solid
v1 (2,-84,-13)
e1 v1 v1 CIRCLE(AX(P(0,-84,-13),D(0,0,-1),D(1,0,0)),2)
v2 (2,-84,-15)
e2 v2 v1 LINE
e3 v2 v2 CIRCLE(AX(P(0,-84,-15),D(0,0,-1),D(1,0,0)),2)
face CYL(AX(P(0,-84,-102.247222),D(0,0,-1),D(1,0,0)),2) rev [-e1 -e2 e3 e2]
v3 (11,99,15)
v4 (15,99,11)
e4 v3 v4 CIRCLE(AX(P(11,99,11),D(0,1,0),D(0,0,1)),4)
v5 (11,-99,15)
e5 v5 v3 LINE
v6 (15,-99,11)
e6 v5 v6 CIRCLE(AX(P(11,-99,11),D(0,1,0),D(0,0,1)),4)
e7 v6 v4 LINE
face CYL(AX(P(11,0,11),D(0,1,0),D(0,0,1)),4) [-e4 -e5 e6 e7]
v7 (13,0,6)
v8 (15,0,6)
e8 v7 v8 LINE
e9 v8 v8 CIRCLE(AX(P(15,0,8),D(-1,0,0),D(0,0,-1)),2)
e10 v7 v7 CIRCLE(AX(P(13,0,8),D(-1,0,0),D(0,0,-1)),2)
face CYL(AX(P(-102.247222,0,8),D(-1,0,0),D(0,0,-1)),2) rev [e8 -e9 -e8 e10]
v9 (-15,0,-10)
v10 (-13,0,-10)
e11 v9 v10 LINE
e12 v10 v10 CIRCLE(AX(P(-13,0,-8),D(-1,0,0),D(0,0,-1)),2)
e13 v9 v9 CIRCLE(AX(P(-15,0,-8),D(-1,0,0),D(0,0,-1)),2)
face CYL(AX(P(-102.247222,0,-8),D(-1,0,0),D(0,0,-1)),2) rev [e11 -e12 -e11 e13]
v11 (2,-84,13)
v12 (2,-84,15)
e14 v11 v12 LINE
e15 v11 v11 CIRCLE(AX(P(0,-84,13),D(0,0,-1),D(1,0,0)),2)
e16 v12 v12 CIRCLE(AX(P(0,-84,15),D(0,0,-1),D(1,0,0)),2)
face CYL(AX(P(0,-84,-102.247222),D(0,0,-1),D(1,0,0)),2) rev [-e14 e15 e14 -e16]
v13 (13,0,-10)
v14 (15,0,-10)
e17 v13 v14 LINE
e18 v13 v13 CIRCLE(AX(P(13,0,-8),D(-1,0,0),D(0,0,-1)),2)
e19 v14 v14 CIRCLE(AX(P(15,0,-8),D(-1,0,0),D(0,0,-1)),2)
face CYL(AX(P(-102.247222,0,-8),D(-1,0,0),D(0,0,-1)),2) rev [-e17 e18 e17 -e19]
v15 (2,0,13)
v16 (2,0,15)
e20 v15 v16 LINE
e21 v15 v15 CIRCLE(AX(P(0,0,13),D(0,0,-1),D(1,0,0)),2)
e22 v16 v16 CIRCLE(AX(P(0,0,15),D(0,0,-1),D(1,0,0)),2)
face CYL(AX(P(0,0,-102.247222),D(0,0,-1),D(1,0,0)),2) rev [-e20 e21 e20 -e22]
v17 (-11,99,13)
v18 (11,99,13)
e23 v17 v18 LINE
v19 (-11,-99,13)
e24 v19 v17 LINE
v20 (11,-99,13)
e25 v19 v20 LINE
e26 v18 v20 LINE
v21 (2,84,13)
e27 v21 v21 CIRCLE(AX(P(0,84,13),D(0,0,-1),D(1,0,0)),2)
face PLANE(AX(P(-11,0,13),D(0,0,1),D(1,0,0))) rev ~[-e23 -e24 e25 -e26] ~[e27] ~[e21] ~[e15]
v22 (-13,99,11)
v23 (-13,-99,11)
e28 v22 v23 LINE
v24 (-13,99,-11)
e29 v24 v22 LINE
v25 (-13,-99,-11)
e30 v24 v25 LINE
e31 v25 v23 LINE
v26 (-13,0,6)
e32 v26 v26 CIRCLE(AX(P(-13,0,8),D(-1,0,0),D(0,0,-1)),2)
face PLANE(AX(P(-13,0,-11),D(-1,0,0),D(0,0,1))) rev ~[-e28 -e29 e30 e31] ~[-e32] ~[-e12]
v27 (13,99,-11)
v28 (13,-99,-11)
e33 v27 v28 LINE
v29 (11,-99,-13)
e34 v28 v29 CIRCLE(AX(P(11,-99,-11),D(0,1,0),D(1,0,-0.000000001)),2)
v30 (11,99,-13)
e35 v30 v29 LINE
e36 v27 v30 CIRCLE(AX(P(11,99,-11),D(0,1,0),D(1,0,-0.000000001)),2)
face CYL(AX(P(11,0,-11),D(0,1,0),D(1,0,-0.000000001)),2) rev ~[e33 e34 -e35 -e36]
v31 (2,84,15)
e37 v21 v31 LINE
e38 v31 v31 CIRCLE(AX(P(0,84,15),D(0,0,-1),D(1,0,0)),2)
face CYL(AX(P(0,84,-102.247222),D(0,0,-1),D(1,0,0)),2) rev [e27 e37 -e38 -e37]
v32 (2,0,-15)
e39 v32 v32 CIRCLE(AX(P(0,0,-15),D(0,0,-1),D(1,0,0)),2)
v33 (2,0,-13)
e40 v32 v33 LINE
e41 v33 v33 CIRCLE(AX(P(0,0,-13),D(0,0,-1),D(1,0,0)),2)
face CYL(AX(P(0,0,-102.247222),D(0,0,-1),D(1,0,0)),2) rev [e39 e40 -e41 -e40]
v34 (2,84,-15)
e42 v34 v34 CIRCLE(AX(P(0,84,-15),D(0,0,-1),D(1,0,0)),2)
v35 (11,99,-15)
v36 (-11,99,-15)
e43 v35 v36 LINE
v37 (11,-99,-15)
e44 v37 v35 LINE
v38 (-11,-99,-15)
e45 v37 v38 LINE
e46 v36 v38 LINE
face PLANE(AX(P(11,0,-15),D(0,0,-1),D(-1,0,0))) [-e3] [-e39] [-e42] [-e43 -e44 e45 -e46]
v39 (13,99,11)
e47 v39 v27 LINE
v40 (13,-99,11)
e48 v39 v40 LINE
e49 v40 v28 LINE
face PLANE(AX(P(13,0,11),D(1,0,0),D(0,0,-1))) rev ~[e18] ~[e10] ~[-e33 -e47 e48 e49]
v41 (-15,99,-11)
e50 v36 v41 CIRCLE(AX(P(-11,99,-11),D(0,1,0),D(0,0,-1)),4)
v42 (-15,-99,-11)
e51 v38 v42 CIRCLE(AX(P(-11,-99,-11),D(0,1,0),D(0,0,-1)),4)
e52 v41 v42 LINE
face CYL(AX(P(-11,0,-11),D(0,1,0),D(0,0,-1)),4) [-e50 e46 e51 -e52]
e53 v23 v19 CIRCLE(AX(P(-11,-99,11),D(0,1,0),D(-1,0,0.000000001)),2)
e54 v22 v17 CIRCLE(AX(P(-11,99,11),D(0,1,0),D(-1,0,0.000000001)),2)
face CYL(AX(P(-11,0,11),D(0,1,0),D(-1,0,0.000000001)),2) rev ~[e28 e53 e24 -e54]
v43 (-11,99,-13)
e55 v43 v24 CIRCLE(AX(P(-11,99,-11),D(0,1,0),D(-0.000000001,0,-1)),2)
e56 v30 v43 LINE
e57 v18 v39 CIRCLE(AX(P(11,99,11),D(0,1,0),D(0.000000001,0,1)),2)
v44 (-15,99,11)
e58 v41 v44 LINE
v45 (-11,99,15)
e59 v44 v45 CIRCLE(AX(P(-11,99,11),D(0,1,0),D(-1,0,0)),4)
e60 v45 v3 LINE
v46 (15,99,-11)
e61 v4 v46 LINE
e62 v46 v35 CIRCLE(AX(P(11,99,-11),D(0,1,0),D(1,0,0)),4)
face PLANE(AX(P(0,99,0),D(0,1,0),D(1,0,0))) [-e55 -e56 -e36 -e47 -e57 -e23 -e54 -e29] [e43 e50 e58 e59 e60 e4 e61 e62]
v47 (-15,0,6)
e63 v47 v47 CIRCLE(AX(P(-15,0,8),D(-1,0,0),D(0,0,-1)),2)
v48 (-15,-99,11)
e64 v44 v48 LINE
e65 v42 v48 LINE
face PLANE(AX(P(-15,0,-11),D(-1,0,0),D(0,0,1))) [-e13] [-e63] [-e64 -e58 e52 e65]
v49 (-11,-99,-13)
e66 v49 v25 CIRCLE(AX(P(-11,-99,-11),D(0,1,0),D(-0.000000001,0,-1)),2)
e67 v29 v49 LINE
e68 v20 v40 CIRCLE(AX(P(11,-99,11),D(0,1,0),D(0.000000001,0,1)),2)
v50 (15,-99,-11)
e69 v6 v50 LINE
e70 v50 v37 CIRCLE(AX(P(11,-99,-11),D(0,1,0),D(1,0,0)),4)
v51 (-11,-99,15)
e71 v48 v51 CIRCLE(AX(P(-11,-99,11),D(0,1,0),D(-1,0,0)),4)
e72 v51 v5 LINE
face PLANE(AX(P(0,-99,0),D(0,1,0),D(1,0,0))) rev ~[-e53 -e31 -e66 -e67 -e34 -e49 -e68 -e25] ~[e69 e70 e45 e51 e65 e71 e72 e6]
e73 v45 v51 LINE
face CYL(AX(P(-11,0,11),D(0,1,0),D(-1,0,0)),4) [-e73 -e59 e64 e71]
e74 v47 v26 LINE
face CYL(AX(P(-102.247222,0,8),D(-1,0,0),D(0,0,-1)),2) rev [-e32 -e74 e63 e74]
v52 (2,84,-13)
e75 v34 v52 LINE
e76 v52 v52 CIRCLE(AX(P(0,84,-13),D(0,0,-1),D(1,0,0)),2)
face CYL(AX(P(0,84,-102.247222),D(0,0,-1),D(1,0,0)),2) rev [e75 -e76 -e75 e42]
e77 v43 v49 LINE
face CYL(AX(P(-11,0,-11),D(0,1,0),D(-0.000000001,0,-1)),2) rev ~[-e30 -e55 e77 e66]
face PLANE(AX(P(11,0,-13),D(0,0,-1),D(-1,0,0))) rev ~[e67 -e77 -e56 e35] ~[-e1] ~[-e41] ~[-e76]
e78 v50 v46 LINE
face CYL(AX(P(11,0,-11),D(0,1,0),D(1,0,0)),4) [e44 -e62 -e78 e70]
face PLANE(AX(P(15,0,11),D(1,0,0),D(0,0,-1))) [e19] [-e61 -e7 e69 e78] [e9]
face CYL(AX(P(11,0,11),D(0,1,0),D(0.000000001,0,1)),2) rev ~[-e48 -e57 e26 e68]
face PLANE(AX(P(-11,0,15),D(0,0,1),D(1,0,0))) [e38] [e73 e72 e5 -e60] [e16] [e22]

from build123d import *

# Parameters (mm, degrees)
EXTRUDE_1_DEPTH          = 99
CUT_EXTRUDE_1_DEPTH      = 102.247222184
CUT_EXTRUDE_1_DEPTH_BACK = 102.247222184
SKETCH_2_R               = 2
CUT_EXTRUDE_2_DEPTH      = 102.247222184
CUT_EXTRUDE_2_DEPTH_BACK = 102.247222184
SKETCH_3_R               = 2


with BuildPart() as part:
    # 草图1 → 凸台-拉伸1 (new, symmetric)
    with BuildSketch(Plane(origin=(0, 0, 0), x_dir=(1, 0, 0), z_dir=(0, 1, 0))):
        with BuildLine():
            Line((-11, -15), (11, -15))
            ThreePointArc((11, -15), (13.828427125, -13.828427125), (15, -11))
            Line((15, -11), (15, 11))
            ThreePointArc((15, 11), (13.828427125, 13.828427125), (11, 15))
            Line((11, 15), (-11, 15))
            ThreePointArc((-11, 15), (-13.828427125, 13.828427125), (-15, 11))
            Line((-15, 11), (-15, -11))
            ThreePointArc((-15, -11), (-13.828427125, -13.828427125), (-11, -15))
        make_face()
        with BuildLine():
            Line((-11, -13), (11, -13))
            ThreePointArc((11, -13), (12.414213562, -12.414213562), (13, -11))
            Line((13, -11), (13, 11))
            ThreePointArc((13, 11), (12.414213562, 12.414213562), (11, 13))
            Line((11, 13), (-11, 13))
            ThreePointArc((-11, 13), (-12.414213562, 12.414213562), (-13, 11))
            Line((-13, 11), (-13, -11))
            ThreePointArc((-13, -11), (-12.414213562, -12.414213562), (-11, -13))
        make_face(mode=Mode.SUBTRACT)
    extrude(amount=EXTRUDE_1_DEPTH, both=True)

    # 草图2 → 切除-拉伸1 (cut, two sides: drawn at the far end of the back side and taken through both)
    with BuildSketch(Plane(origin=(0, 0, 0), x_dir=(0, 0, -1), z_dir=(1, 0, 0)).offset(-CUT_EXTRUDE_1_DEPTH_BACK)):
        with Locations((8, 0)):
            Circle(SKETCH_2_R)
        with Locations((-8, 0)):
            Circle(SKETCH_2_R)
    extrude(amount=CUT_EXTRUDE_1_DEPTH + CUT_EXTRUDE_1_DEPTH_BACK, mode=Mode.SUBTRACT)

    # 草图3 → 切除-拉伸2 (cut, two sides: drawn at the far end of the back side and taken through both)
    with BuildSketch(Plane.XY.offset(-CUT_EXTRUDE_2_DEPTH_BACK)):
        with Locations((0, 84)):
            Circle(SKETCH_3_R)
        Circle(SKETCH_3_R)
        with Locations((0, -84)):
            Circle(SKETCH_3_R)
    extrude(amount=CUT_EXTRUDE_2_DEPTH + CUT_EXTRUDE_2_DEPTH_BACK, mode=Mode.SUBTRACT)


solid = part.part
